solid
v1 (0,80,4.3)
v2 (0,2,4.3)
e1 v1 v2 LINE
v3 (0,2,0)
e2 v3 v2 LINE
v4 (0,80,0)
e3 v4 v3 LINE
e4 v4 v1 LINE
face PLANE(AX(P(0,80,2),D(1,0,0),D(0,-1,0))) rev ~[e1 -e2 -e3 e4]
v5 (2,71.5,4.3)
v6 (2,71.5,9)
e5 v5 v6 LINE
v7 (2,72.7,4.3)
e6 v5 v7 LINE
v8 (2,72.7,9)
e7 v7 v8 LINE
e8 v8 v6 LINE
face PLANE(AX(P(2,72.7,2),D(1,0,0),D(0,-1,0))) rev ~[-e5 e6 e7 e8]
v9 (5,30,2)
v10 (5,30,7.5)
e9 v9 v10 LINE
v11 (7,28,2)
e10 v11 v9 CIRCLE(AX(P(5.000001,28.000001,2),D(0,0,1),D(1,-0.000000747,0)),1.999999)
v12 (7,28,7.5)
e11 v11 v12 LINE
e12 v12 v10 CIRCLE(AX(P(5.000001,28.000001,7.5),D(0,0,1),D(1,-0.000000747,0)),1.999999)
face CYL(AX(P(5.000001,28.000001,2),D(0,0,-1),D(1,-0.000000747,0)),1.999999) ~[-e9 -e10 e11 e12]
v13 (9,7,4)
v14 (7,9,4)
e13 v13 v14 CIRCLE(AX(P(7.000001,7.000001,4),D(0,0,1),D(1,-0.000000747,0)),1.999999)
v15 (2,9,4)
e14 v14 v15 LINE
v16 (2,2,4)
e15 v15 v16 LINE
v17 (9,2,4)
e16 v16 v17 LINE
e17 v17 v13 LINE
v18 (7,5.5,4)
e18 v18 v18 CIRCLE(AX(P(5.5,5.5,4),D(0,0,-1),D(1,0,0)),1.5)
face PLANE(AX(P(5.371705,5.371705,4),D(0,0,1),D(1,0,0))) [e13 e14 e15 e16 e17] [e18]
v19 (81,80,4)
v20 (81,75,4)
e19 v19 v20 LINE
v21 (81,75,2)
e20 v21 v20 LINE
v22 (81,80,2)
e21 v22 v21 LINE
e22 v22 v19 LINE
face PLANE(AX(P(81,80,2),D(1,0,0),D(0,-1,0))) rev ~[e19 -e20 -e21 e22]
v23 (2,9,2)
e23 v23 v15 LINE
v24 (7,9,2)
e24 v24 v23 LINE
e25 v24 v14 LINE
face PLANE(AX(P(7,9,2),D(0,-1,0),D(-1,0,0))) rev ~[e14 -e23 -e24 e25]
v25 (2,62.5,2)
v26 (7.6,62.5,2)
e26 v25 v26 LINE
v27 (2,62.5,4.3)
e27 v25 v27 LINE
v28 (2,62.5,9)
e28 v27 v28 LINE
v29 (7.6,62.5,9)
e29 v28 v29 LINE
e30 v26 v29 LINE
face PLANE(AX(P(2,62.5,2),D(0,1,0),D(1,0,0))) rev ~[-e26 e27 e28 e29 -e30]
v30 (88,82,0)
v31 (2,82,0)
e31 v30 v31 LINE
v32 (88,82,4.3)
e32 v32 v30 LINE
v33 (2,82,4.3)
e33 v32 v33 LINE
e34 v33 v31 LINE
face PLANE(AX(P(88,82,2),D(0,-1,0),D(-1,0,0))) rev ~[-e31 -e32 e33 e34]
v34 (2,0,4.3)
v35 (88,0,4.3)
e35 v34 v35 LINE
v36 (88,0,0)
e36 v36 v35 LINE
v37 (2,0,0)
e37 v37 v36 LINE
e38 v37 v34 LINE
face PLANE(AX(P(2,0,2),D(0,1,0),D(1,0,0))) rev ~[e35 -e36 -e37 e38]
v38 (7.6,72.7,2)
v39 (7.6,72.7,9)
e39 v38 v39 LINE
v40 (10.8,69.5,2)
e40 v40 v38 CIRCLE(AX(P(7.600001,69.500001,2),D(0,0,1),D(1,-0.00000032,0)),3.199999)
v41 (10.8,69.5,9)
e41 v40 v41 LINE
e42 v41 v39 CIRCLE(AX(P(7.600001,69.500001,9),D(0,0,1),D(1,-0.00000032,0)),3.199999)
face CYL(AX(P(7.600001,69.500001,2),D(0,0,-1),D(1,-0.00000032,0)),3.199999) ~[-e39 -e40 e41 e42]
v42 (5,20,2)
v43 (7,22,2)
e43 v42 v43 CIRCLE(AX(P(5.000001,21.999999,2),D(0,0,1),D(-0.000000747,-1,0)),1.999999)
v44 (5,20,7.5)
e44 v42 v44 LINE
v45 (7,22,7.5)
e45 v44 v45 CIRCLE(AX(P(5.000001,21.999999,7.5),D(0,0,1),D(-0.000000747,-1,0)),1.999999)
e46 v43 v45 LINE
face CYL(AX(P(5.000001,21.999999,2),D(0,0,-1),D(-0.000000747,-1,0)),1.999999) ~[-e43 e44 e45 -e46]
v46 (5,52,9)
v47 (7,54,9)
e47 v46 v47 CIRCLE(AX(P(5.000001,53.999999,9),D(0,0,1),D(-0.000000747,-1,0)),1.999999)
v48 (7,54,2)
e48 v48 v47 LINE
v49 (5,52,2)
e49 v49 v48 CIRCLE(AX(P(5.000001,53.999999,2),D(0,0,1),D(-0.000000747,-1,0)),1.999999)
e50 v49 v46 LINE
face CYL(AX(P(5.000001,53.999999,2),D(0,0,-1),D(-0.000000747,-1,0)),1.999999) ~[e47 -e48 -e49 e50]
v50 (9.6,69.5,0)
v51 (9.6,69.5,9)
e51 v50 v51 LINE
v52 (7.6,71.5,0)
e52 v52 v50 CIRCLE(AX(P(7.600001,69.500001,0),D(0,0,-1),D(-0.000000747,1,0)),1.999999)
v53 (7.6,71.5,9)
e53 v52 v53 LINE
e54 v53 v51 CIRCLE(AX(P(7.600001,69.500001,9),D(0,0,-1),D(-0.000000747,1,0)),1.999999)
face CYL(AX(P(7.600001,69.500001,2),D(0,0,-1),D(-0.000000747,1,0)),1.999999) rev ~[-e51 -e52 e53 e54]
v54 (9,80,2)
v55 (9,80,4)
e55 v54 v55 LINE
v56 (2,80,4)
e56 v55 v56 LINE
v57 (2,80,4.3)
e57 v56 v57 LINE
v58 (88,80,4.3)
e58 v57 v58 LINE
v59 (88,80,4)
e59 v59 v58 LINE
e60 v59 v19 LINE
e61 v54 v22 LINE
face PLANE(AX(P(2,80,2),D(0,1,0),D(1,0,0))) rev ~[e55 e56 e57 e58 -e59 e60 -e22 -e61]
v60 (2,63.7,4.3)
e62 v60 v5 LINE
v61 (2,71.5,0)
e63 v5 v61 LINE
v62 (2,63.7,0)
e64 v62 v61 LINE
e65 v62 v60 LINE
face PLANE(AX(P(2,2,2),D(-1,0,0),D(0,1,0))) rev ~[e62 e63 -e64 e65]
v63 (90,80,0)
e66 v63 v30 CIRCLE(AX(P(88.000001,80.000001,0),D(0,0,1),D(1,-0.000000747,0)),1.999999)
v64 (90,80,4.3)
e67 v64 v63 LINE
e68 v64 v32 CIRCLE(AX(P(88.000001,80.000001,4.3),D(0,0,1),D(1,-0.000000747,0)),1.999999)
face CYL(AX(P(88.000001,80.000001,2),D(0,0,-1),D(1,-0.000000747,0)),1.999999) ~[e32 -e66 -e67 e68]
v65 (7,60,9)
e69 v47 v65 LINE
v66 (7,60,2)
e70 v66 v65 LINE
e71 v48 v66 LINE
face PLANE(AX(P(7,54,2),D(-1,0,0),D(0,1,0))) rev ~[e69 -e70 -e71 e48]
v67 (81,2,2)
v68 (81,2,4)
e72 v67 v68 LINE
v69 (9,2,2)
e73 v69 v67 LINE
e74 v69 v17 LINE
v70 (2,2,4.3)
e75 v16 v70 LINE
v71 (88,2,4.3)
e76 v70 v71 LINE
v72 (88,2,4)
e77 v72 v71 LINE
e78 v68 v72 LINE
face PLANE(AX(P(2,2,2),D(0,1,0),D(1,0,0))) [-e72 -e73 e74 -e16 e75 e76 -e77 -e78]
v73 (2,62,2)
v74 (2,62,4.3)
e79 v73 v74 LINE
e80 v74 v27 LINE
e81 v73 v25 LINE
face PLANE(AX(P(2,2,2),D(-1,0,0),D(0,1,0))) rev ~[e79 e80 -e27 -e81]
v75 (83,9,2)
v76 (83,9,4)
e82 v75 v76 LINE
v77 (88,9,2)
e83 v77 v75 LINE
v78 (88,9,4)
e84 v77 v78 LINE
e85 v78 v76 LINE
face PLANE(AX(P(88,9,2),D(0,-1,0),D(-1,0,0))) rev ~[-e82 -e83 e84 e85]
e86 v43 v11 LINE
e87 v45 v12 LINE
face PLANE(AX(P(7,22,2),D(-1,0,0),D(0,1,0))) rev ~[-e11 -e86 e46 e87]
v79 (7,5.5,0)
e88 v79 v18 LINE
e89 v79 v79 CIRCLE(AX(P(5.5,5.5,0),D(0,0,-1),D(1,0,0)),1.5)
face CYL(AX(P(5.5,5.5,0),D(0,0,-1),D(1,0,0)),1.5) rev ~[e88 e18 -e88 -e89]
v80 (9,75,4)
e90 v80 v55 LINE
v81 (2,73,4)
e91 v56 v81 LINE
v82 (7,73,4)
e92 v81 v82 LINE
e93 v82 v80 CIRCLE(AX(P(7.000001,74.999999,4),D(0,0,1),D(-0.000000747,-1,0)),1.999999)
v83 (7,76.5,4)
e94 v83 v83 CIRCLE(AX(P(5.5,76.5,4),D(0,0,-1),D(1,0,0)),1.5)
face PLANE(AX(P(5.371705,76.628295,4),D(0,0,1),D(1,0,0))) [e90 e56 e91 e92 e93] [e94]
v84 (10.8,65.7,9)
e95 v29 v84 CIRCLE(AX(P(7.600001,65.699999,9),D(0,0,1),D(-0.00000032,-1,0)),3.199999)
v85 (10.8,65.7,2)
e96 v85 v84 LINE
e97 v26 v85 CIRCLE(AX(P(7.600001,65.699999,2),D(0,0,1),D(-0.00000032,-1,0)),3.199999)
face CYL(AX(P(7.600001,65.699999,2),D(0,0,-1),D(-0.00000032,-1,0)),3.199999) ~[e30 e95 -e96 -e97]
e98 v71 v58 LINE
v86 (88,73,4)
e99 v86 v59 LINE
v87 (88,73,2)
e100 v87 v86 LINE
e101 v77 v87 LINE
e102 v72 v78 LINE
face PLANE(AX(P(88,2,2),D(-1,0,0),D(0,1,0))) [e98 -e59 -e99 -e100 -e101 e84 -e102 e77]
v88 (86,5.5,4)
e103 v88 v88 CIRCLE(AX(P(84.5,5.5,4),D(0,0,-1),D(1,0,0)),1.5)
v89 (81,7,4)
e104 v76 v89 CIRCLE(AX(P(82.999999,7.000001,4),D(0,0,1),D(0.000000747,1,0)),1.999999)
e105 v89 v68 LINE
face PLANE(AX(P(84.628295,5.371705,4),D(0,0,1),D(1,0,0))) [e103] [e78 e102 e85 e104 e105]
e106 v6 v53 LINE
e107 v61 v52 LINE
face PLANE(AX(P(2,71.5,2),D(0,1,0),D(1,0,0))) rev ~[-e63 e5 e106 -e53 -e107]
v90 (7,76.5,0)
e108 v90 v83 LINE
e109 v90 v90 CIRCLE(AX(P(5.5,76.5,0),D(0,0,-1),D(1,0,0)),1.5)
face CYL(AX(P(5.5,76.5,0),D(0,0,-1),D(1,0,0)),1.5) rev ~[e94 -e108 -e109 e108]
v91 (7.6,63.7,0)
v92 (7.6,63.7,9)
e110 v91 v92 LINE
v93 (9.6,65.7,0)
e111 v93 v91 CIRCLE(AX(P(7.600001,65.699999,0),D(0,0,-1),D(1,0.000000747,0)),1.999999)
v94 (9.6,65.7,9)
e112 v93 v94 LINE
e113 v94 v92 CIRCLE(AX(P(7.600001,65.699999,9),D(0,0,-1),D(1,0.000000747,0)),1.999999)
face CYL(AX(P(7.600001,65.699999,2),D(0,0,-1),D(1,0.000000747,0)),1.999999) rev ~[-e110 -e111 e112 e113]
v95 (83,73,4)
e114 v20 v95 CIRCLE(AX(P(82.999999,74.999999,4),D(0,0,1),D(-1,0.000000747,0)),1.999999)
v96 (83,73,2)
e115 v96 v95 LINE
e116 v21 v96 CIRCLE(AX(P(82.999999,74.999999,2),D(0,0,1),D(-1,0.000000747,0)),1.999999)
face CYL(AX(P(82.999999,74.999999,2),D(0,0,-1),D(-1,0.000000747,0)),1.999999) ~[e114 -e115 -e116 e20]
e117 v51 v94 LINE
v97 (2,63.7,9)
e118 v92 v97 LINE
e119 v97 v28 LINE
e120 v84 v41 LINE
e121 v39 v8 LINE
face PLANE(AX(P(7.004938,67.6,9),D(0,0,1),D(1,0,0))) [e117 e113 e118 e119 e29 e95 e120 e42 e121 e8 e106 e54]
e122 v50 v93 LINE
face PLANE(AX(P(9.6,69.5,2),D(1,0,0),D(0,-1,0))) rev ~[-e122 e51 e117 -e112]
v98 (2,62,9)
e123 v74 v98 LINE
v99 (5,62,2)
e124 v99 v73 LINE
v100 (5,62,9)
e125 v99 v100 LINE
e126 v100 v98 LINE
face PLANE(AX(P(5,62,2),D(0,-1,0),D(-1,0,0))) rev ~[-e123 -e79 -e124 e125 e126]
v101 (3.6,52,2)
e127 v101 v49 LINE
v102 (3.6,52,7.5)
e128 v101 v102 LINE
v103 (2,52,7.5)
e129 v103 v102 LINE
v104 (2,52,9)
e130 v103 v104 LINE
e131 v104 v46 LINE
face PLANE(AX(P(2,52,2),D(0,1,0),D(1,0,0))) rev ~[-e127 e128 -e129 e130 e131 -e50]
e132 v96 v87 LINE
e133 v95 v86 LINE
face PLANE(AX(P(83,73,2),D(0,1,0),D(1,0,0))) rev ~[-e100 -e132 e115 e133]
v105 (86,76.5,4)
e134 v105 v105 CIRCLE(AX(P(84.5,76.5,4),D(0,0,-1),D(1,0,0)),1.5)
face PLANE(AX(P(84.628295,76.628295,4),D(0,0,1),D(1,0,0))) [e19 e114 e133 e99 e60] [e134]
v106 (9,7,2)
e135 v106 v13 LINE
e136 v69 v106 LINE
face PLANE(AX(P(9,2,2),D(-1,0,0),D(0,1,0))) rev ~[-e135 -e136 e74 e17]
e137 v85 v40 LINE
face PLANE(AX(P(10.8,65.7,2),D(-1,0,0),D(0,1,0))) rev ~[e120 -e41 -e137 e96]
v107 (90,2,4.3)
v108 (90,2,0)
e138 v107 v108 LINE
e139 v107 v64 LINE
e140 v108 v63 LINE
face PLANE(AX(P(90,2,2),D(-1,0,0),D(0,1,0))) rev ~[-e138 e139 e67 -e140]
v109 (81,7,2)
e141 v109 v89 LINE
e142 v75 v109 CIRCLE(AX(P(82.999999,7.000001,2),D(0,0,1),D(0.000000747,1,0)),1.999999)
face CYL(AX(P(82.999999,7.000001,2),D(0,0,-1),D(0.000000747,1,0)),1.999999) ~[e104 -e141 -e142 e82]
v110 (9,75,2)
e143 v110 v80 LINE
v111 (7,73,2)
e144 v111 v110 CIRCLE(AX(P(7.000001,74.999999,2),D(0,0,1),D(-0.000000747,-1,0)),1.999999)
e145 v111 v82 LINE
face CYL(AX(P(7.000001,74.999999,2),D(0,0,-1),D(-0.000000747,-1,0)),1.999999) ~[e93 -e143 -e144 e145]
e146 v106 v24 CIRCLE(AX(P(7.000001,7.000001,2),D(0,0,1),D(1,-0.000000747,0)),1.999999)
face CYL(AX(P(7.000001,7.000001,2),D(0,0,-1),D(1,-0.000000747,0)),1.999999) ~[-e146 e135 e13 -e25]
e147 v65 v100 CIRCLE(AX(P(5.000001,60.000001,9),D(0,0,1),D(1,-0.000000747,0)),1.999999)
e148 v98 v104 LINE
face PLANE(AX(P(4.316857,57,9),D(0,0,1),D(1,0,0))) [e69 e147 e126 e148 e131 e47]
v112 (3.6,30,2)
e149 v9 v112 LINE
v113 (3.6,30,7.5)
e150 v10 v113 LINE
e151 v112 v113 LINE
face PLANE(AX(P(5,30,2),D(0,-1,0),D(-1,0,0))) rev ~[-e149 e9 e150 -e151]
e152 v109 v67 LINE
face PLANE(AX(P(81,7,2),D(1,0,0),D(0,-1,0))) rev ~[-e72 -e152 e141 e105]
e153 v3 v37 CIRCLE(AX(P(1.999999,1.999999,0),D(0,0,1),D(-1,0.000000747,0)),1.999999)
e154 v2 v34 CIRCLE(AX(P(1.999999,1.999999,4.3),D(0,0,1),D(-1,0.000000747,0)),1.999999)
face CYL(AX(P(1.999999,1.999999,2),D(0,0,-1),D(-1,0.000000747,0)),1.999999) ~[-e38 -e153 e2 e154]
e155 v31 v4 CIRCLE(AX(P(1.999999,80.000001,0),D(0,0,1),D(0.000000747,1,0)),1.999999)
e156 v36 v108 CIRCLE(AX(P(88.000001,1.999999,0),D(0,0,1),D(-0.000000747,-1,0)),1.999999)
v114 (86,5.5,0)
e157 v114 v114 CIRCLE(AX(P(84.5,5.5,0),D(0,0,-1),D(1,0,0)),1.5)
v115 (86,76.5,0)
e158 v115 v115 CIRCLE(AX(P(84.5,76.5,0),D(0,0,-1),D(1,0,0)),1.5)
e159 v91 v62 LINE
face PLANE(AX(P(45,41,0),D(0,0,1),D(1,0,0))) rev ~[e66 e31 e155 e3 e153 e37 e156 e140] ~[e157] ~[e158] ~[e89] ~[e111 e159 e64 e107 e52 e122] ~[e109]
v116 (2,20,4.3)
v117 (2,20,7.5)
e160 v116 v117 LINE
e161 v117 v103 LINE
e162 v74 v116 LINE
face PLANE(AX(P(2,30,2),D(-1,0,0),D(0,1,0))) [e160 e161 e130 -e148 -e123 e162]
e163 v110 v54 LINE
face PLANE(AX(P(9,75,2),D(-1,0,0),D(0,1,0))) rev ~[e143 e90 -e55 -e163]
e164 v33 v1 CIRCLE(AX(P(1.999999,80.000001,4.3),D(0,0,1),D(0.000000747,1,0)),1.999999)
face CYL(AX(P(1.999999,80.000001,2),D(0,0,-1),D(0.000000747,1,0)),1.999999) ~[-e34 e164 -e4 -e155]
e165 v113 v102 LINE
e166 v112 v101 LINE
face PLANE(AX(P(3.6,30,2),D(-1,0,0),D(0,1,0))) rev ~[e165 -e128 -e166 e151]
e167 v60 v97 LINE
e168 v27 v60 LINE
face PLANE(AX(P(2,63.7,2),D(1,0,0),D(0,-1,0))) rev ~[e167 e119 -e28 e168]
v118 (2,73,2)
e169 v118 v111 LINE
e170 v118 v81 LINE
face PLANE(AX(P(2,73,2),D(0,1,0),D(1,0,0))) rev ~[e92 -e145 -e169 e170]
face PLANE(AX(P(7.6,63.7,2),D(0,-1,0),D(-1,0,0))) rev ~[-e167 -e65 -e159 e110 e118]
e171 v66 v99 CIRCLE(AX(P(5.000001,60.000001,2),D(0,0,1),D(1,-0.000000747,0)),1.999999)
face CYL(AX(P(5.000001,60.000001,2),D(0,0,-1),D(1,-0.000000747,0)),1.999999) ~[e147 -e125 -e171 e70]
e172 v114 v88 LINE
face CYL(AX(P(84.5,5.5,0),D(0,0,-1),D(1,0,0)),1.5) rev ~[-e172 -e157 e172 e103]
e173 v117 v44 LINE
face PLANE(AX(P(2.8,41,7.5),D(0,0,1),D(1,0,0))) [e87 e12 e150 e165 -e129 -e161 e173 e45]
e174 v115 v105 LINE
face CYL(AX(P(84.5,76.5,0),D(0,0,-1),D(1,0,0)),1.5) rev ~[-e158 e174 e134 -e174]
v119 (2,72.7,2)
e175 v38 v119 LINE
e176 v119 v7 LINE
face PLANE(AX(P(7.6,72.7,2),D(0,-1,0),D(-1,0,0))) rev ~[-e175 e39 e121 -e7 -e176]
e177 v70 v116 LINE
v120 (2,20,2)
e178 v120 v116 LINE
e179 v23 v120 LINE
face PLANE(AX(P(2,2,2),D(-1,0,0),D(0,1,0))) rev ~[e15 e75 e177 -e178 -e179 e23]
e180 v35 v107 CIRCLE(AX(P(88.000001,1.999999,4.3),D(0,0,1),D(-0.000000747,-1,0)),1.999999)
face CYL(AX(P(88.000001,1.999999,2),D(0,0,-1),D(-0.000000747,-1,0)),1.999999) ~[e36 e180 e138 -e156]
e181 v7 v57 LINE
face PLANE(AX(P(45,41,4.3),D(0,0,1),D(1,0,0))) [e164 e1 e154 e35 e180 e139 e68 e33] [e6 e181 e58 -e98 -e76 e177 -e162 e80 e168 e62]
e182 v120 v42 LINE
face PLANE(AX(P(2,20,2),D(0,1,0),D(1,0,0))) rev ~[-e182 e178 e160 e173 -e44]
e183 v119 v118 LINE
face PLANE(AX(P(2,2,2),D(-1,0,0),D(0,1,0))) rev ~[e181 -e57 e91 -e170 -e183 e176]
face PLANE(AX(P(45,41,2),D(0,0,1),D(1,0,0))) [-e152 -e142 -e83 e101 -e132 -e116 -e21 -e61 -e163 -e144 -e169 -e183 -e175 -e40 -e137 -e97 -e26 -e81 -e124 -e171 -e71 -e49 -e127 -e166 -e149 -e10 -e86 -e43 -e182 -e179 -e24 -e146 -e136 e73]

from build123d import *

# Parameters (mm, degrees)
F1_DEPTH  = 2
F2_W      = 86
F2_H      = 78
F3_DEPTH  = 2.3
F5_DEPTH  = 2
F6_R      = 1.5
F7_DEPTH  = 6
F9_DEPTH  = 7
F11_DEPTH = 5.5
F13_DEPTH = 25
F15_DEPTH = 7
F16_W     = 1.6
F16_H     = 22
F17_DEPTH = 5.5


with BuildPart() as f1:
    # F0 (on Top) → F1 (new body)
    with BuildSketch(Plane.XY):
        with BuildLine():
            ThreePointArc((0, 2), (0.585786, 0.585786), (2, 0))
            Line((2, 0), (88, 0))
            ThreePointArc((88, 0), (89.414214, 0.585786), (90, 2))
            Line((90, 2), (90, 80))
            ThreePointArc((90, 80), (89.414214, 81.414214), (88, 82))
            Line((88, 82), (2, 82))
            ThreePointArc((2, 82), (0.585786, 81.414214), (0, 80))
            Line((0, 80), (0, 2))
        make_face()
    extrude(amount=F1_DEPTH)

    # F2 (on face) → F3 (join)
    with BuildSketch(Plane.XY.offset(2)):
        with BuildLine():
            ThreePointArc((2, 82), (0.585786, 81.414214), (0, 80))
            Line((0, 80), (0, 2))
            ThreePointArc((0, 2), (0.585786, 0.585786), (2, 0))
            Line((2, 0), (88, 0))
            ThreePointArc((88, 0), (89.414214, 0.585786), (90, 2))
            Line((90, 2), (90, 80))
            ThreePointArc((90, 80), (89.414214, 81.414214), (88, 82))
            Line((88, 82), (2, 82))
        make_face()
        with Locations((45, 41)):
            Rectangle(F2_W, F2_H, mode=Mode.SUBTRACT)
    extrude(amount=F3_DEPTH)

    # F4 (on face) → F5 (join)
    with BuildSketch(Plane.XY.offset(2)):
        with BuildLine():
            Line((2, 9), (2, 2))
            Line((2, 2), (9, 2))
            Line((9, 2), (9, 7))
            ThreePointArc((9, 7), (8.414214, 8.414214), (7, 9))
            Line((7, 9), (2, 9))
        make_face()
        with BuildLine():
            Line((9, 80), (2, 80))
            Line((2, 80), (2, 73))
            Line((2, 73), (7, 73))
            ThreePointArc((7, 73), (8.414214, 73.585786), (9, 75))
            Line((9, 75), (9, 80))
        make_face()
        with BuildLine():
            Line((81, 2), (88, 2))
            Line((88, 2), (88, 9))
            Line((88, 9), (83, 9))
            ThreePointArc((83, 9), (81.585786, 8.414214), (81, 7))
            Line((81, 7), (81, 2))
        make_face()
        with BuildLine():
            Line((88, 73), (88, 80))
            Line((88, 80), (81, 80))
            Line((81, 80), (81, 75))
            ThreePointArc((81, 75), (81.585786, 73.585786), (83, 73))
            Line((83, 73), (88, 73))
        make_face()
    extrude(amount=F5_DEPTH)

    # F6 (on face) → F7 (cut)
    with BuildSketch(Plane(origin=(0, 0, 0), x_dir=(1, 0, 0), z_dir=(0, 0, -1))):
        with Locations((84.5, -5.5)):
            Circle(F6_R)
        with Locations((84.5, -76.5)):
            Circle(F6_R)
        with Locations((5.5, -76.5)):
            Circle(F6_R)
        with Locations((5.5, -5.5)):
            Circle(F6_R)
    extrude(amount=-F7_DEPTH, mode=Mode.SUBTRACT)

    # F8 (on face) → F9 (join)
    with BuildSketch(Plane.XY.offset(2)):
        with BuildLine():
            Line((5, 62), (2, 62))
            Line((2, 62), (2, 52))
            Line((2, 52), (5, 52))
            ThreePointArc((5, 52), (6.414214, 52.585786), (7, 54))
            Line((7, 54), (7, 60))
            ThreePointArc((7, 60), (6.414214, 61.414214), (5, 62))
        make_face()
    extrude(amount=F9_DEPTH)

    # F10 (on face) → F11 (join)
    with BuildSketch(Plane.XY.offset(2)):
        with BuildLine():
            Line((2, 30), (2, 20))
            Line((2, 20), (5, 20))
            ThreePointArc((5, 20), (6.414214, 20.585786), (7, 22))
            Line((7, 22), (7, 28))
            ThreePointArc((7, 28), (6.414214, 29.414214), (5, 30))
            Line((5, 30), (2, 30))
        make_face()
    extrude(amount=F11_DEPTH)

    # F12 (on face) → F13 (cut)
    with BuildSketch(Plane(origin=(0, 0, 0), x_dir=(1, 0, 0), z_dir=(0, 0, -1))):
        with BuildLine():
            Line((2, -63.7), (2, -71.5))
            Line((2, -71.5), (7.6, -71.5))
            ThreePointArc((7.6, -71.5), (9.014214, -70.914214), (9.6, -69.5))
            Line((9.6, -69.5), (9.6, -65.7))
            ThreePointArc((9.6, -65.7), (9.014214, -64.285786), (7.6, -63.7))
            Line((7.6, -63.7), (2, -63.7))
        make_face()
    extrude(amount=-F13_DEPTH, mode=Mode.SUBTRACT)

    # F14 (on face) → F15 (join)
    with BuildSketch(Plane.XY.offset(2)):
        with BuildLine():
            ThreePointArc((10.8, 69.5), (9.862742, 71.762742), (7.6, 72.7))
            Line((7.6, 72.7), (2, 72.7))
            Line((2, 72.7), (2, 71.5))
            Line((2, 71.5), (7.6, 71.5))
            ThreePointArc((7.6, 71.5), (9.014214, 70.914214), (9.6, 69.5))
            Line((9.6, 69.5), (9.6, 65.7))
            ThreePointArc((9.6, 65.7), (9.014214, 64.285786), (7.6, 63.7))
            Line((7.6, 63.7), (2, 63.7))
            Line((2, 63.7), (2, 62.5))
            Line((2, 62.5), (7.6, 62.5))
            ThreePointArc((7.6, 62.5), (9.862742, 63.437258), (10.8, 65.7))
            Line((10.8, 65.7), (10.8, 69.5))
        make_face()
    extrude(amount=F15_DEPTH)

    # F16 (on face) → F17 (join)
    with BuildSketch(Plane.XY.offset(2)):
        with Locations((2.8, 41)):
            Rectangle(F16_W, F16_H)
    extrude(amount=F17_DEPTH)


solid = f1.part
